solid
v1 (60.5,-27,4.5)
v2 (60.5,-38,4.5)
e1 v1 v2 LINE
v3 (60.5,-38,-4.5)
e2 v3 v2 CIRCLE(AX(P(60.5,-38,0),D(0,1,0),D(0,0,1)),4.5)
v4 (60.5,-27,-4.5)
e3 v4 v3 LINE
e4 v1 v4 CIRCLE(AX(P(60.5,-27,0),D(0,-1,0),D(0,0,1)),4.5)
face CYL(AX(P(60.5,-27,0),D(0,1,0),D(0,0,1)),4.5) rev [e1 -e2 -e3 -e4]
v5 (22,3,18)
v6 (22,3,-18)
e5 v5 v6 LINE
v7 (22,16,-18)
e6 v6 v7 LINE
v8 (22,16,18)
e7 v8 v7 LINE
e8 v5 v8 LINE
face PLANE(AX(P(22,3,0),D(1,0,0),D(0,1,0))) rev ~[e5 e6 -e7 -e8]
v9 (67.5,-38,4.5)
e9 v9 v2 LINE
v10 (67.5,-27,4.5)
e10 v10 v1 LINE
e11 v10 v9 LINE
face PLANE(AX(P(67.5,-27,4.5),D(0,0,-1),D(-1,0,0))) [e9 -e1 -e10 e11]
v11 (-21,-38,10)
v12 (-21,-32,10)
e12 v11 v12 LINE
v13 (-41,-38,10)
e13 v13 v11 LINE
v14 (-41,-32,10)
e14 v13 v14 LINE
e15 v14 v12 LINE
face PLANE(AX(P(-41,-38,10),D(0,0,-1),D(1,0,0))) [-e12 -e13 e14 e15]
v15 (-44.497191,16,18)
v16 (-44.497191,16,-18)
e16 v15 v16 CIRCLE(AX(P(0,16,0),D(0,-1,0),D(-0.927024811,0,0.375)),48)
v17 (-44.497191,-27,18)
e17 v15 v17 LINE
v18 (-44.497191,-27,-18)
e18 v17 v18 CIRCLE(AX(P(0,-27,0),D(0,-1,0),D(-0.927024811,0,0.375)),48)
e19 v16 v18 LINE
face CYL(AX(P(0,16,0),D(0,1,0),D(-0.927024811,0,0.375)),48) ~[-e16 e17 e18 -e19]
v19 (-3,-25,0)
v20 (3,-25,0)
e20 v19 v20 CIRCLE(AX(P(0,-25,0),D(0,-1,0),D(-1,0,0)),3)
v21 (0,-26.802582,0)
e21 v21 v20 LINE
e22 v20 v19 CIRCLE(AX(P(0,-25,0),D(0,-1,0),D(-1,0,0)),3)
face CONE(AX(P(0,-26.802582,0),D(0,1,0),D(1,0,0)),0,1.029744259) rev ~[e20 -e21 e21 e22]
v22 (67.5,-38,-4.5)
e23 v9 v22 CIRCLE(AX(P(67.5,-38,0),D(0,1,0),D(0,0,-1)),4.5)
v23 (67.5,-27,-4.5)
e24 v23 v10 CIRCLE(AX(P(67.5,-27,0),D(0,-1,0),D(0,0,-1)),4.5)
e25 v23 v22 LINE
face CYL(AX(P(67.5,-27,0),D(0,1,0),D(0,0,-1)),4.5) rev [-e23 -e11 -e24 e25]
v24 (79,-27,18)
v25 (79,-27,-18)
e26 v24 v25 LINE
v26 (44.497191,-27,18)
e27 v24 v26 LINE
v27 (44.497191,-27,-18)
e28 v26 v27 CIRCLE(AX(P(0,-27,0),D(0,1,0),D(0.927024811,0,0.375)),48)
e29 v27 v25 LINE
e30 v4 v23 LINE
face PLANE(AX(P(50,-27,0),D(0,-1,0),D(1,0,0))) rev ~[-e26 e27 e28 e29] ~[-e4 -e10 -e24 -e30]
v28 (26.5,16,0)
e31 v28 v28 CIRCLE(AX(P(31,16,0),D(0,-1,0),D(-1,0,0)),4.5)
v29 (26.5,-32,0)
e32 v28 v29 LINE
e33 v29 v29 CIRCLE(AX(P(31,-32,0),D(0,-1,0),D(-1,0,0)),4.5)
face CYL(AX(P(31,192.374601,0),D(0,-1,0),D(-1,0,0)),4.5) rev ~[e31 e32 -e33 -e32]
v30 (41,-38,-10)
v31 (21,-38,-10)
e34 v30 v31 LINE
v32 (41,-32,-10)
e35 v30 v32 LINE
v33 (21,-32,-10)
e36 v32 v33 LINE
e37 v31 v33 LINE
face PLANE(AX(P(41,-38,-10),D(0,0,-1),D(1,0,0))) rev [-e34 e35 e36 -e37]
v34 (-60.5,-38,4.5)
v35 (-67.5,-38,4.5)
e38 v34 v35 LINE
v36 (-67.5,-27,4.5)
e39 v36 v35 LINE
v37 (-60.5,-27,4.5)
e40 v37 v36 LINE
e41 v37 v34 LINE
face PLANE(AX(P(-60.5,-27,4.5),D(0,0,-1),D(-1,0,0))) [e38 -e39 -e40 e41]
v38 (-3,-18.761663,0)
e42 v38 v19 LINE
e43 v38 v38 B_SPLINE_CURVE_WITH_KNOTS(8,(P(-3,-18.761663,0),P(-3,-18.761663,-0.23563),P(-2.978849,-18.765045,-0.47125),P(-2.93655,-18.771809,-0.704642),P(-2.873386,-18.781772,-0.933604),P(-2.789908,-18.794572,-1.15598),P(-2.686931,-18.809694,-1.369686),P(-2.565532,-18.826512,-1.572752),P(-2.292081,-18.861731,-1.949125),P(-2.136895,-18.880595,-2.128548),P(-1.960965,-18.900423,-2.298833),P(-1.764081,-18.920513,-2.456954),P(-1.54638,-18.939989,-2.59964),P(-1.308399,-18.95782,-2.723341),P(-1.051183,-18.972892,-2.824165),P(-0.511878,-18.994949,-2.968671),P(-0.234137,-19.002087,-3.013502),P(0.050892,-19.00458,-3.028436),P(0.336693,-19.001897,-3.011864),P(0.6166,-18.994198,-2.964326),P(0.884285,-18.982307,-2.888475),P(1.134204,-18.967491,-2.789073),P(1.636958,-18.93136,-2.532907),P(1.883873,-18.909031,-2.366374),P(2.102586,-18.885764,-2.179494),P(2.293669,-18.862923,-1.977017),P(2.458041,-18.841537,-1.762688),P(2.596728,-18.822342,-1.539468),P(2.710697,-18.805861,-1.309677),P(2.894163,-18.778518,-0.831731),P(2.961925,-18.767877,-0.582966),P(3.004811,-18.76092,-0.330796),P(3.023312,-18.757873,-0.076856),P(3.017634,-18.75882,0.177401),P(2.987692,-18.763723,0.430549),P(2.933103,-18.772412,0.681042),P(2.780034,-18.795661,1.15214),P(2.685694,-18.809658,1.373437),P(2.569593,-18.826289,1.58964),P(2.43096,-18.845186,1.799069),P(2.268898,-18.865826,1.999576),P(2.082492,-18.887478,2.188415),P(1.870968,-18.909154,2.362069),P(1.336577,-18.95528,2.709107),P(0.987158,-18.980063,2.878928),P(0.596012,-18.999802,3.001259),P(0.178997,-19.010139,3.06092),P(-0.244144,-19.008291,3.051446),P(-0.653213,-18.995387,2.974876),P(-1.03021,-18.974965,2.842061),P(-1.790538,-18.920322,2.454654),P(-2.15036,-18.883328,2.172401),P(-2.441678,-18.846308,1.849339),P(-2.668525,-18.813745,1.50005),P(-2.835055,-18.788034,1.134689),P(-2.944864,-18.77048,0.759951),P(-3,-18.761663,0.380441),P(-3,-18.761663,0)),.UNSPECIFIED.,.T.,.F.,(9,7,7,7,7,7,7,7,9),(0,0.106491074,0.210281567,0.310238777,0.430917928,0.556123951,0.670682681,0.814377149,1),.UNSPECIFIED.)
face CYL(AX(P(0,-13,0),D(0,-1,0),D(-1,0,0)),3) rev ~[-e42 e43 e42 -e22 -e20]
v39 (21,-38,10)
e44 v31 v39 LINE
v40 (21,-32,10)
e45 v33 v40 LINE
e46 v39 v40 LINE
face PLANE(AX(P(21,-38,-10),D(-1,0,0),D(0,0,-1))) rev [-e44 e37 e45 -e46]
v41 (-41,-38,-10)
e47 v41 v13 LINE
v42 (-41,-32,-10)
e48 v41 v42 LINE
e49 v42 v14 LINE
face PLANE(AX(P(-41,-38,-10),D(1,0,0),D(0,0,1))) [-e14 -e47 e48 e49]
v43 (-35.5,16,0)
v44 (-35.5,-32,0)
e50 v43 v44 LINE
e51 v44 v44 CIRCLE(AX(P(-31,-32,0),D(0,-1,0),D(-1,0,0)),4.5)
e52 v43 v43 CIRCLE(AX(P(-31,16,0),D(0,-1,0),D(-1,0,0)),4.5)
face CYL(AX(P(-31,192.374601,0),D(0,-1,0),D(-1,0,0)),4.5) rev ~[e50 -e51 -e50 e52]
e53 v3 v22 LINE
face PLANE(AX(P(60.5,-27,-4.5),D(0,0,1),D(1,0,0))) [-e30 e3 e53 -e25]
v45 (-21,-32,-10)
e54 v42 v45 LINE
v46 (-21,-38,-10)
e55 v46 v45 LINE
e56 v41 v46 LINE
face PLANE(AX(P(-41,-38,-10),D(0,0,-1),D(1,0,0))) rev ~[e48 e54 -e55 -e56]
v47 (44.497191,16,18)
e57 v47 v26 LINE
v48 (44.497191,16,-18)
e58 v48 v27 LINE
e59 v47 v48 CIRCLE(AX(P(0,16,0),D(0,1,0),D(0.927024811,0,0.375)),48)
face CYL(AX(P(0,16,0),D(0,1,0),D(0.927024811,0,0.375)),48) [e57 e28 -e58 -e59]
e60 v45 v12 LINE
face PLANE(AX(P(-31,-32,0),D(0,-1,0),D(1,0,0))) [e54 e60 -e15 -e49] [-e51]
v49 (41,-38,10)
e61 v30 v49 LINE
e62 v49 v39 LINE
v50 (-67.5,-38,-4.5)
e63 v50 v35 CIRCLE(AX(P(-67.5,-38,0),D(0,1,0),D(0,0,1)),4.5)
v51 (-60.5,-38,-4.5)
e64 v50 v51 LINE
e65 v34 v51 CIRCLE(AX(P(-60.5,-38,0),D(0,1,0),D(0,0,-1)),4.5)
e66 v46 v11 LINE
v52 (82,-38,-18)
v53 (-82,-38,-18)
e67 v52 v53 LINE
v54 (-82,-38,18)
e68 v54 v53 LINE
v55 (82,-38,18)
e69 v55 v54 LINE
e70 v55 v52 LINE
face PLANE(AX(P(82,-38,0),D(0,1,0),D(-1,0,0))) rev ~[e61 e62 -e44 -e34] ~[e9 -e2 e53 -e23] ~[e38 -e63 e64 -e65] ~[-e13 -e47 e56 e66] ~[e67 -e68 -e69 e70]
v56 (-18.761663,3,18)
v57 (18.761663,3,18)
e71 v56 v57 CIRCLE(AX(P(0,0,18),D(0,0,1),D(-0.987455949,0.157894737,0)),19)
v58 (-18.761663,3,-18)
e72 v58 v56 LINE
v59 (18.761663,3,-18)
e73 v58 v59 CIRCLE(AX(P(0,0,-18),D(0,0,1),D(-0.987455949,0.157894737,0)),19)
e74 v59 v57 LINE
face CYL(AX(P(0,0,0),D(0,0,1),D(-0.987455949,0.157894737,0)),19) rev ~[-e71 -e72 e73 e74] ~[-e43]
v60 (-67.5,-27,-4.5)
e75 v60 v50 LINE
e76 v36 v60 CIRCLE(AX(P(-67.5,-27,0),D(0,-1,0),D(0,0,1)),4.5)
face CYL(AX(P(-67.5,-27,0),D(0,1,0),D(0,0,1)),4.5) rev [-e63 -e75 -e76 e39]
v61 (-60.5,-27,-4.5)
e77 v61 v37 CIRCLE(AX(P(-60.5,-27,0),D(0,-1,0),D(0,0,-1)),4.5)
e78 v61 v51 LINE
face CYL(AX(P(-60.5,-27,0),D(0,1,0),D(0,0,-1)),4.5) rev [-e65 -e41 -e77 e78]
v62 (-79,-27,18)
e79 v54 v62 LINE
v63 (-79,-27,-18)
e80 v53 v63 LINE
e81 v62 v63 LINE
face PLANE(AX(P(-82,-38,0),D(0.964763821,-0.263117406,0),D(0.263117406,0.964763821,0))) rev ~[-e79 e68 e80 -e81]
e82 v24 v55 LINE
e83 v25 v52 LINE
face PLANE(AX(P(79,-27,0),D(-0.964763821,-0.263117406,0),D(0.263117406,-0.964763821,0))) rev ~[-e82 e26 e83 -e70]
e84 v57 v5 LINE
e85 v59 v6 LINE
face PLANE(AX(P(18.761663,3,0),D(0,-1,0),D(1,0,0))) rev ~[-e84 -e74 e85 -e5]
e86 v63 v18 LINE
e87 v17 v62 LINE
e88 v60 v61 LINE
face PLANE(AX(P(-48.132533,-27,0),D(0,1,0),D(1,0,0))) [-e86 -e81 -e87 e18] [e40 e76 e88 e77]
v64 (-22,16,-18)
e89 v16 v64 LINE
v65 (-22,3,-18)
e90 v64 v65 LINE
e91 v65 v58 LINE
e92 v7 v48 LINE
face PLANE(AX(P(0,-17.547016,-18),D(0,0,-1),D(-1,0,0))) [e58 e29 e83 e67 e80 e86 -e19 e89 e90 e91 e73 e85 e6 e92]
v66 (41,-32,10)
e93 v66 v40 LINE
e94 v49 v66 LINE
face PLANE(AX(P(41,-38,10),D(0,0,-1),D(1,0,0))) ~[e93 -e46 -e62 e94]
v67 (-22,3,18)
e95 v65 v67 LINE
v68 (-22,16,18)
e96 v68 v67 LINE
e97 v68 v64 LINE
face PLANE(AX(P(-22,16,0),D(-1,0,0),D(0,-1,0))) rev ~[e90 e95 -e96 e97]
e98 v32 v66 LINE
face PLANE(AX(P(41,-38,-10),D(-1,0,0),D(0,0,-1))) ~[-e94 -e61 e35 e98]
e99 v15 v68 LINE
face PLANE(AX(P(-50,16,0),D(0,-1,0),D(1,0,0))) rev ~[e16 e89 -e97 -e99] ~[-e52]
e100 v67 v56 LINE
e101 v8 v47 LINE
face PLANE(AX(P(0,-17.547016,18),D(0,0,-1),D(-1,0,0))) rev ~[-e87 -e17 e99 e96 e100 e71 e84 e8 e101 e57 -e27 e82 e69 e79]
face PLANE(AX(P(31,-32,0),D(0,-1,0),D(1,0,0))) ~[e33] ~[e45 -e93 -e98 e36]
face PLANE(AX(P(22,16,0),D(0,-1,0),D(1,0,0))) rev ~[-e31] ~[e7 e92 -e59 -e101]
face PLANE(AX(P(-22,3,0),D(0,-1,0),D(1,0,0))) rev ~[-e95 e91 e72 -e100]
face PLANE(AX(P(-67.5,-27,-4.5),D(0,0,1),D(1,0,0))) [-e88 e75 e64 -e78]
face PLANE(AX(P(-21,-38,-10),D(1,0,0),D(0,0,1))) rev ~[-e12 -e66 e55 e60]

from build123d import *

# Parameters (mm, degrees)
BOSS_EXTRUDE1_DEPTH       = 18
F_1_0MM_DOWEL_HOLE3_D     = 9
SKETCH12_W                = 20
SKETCH12_H                = 20
CUT_EXTRUDE2_DEPTH        = 6
CUT_EXTRUDE3_DEPTH        = 12
CUT_EXTRUDE4_DEPTH        = 43
F_1_0MM_DOWEL_HOLE4_D     = 6
F_1_0MM_DOWEL_HOLE4_DEPTH = 6
F_1_0MM_DOWEL_HOLE4_TIP   = 1.802581857


with BuildPart() as part:
    # Sketch2 → Boss-Extrude1 (new body, symmetric)
    with BuildSketch(Plane.XY):
        with BuildLine():
            Line((18.761663039, 3), (22, 3))
            Line((22, 3), (22, 16))
            Line((22, 16), (50, 16))
            Line((50, 16), (50, -27))
            Line((50, -27), (79, -27))
            Line((79, -27), (82, -38))
            Line((82, -38), (-82, -38))
            Line((-82, -38), (-79, -27))
            Line((-79, -27), (-50, -27))
            Line((-50, -27), (-50, 16))
            Line((-50, 16), (-22, 16))
            Line((-22, 16), (-22, 3))
            Line((-22, 3), (-18.761663039, 3))
            ThreePointArc((-18.761663039, 3), (0, -19), (18.761663039, 3))
        make_face()
    extrude(amount=BOSS_EXTRUDE1_DEPTH, both=True)

    # Ø1.0mm Dowel Hole3 (through all)
    with Locations(Plane(origin=(0, 16, 0), x_dir=(1, 0, 0), z_dir=(0, 1, 0))):
        with Locations((-31, 0), (31, 0)):
            Hole(F_1_0MM_DOWEL_HOLE3_D / 2)

    # Sketch12 → Cut-Extrude2 (cut)
    with BuildSketch(Plane.XZ.offset(38)):
        with Locations((-31, 0)):
            Rectangle(SKETCH12_W, SKETCH12_H)
    cut_extrude2 = extrude(amount=-CUT_EXTRUDE2_DEPTH, mode=Mode.SUBTRACT)

    # Sketch13 → Cut-Extrude3 (cut, through all)
    with BuildSketch(Plane(origin=(0, -27, 0), x_dir=(1, 0, 0), z_dir=(0, 1, 0))):
        with BuildLine():
            Line((-67.5, 4.5), (-60.5, 4.5))
            ThreePointArc((-60.5, 4.5), (-56, 0), (-60.5, -4.5))
            Line((-60.5, -4.5), (-67.5, -4.5))
            ThreePointArc((-67.5, -4.5), (-72, 0), (-67.5, 4.5))
        make_face()
        with BuildLine():
            Line((60.5, 4.5), (67.5, 4.5))
            ThreePointArc((67.5, 4.5), (72, 0), (67.5, -4.5))
            Line((67.5, -4.5), (60.5, -4.5))
            ThreePointArc((60.5, -4.5), (56, 0), (60.5, 4.5))
        make_face()
    extrude(amount=-CUT_EXTRUDE3_DEPTH, mode=Mode.SUBTRACT)

    # Mirror1: Cut-Extrude2 across plane
    add(cut_extrude2.mirror(Plane(origin=(0, 0, 0), x_dir=(0, 0, 1), z_dir=(1, 0, 0))), mode=Mode.SUBTRACT)

    # Sketch17 → Cut-Extrude4 (cut)
    with BuildSketch(Plane(origin=(0, 16, 0), x_dir=(1, 0, 0), z_dir=(0, 1, 0))):
        with BuildLine():
            Line((-44.497190923, 18), (-50, 18))
            Line((-50, 18), (-50, -18))
            Line((-50, -18), (-44.497190923, -18))
            ThreePointArc((-44.497190923, -18), (-48, 0), (-44.497190923, 18))
        make_face()
    cut_extrude4 = extrude(amount=-CUT_EXTRUDE4_DEPTH, mode=Mode.SUBTRACT)

    # Mirror3: Cut-Extrude4 across plane
    add(cut_extrude4.mirror(Plane(origin=(0, 0, 0), x_dir=(0, 0, 1), z_dir=(1, 0, 0))), mode=Mode.SUBTRACT)

    # Ø1.0mm Dowel Hole4
    with Locations(Plane(origin=(0, -19, 0), x_dir=(1, 0, 0), z_dir=(0, 1, 0))):
        with Locations((0, 0)):
            Hole(F_1_0MM_DOWEL_HOLE4_D / 2, depth=F_1_0MM_DOWEL_HOLE4_DEPTH)
            with Locations((0, 0, -(F_1_0MM_DOWEL_HOLE4_DEPTH + F_1_0MM_DOWEL_HOLE4_TIP / 2))):  # 118° drill point
                Cone(0, F_1_0MM_DOWEL_HOLE4_D / 2, F_1_0MM_DOWEL_HOLE4_TIP, mode=Mode.SUBTRACT)


solid = part.part
